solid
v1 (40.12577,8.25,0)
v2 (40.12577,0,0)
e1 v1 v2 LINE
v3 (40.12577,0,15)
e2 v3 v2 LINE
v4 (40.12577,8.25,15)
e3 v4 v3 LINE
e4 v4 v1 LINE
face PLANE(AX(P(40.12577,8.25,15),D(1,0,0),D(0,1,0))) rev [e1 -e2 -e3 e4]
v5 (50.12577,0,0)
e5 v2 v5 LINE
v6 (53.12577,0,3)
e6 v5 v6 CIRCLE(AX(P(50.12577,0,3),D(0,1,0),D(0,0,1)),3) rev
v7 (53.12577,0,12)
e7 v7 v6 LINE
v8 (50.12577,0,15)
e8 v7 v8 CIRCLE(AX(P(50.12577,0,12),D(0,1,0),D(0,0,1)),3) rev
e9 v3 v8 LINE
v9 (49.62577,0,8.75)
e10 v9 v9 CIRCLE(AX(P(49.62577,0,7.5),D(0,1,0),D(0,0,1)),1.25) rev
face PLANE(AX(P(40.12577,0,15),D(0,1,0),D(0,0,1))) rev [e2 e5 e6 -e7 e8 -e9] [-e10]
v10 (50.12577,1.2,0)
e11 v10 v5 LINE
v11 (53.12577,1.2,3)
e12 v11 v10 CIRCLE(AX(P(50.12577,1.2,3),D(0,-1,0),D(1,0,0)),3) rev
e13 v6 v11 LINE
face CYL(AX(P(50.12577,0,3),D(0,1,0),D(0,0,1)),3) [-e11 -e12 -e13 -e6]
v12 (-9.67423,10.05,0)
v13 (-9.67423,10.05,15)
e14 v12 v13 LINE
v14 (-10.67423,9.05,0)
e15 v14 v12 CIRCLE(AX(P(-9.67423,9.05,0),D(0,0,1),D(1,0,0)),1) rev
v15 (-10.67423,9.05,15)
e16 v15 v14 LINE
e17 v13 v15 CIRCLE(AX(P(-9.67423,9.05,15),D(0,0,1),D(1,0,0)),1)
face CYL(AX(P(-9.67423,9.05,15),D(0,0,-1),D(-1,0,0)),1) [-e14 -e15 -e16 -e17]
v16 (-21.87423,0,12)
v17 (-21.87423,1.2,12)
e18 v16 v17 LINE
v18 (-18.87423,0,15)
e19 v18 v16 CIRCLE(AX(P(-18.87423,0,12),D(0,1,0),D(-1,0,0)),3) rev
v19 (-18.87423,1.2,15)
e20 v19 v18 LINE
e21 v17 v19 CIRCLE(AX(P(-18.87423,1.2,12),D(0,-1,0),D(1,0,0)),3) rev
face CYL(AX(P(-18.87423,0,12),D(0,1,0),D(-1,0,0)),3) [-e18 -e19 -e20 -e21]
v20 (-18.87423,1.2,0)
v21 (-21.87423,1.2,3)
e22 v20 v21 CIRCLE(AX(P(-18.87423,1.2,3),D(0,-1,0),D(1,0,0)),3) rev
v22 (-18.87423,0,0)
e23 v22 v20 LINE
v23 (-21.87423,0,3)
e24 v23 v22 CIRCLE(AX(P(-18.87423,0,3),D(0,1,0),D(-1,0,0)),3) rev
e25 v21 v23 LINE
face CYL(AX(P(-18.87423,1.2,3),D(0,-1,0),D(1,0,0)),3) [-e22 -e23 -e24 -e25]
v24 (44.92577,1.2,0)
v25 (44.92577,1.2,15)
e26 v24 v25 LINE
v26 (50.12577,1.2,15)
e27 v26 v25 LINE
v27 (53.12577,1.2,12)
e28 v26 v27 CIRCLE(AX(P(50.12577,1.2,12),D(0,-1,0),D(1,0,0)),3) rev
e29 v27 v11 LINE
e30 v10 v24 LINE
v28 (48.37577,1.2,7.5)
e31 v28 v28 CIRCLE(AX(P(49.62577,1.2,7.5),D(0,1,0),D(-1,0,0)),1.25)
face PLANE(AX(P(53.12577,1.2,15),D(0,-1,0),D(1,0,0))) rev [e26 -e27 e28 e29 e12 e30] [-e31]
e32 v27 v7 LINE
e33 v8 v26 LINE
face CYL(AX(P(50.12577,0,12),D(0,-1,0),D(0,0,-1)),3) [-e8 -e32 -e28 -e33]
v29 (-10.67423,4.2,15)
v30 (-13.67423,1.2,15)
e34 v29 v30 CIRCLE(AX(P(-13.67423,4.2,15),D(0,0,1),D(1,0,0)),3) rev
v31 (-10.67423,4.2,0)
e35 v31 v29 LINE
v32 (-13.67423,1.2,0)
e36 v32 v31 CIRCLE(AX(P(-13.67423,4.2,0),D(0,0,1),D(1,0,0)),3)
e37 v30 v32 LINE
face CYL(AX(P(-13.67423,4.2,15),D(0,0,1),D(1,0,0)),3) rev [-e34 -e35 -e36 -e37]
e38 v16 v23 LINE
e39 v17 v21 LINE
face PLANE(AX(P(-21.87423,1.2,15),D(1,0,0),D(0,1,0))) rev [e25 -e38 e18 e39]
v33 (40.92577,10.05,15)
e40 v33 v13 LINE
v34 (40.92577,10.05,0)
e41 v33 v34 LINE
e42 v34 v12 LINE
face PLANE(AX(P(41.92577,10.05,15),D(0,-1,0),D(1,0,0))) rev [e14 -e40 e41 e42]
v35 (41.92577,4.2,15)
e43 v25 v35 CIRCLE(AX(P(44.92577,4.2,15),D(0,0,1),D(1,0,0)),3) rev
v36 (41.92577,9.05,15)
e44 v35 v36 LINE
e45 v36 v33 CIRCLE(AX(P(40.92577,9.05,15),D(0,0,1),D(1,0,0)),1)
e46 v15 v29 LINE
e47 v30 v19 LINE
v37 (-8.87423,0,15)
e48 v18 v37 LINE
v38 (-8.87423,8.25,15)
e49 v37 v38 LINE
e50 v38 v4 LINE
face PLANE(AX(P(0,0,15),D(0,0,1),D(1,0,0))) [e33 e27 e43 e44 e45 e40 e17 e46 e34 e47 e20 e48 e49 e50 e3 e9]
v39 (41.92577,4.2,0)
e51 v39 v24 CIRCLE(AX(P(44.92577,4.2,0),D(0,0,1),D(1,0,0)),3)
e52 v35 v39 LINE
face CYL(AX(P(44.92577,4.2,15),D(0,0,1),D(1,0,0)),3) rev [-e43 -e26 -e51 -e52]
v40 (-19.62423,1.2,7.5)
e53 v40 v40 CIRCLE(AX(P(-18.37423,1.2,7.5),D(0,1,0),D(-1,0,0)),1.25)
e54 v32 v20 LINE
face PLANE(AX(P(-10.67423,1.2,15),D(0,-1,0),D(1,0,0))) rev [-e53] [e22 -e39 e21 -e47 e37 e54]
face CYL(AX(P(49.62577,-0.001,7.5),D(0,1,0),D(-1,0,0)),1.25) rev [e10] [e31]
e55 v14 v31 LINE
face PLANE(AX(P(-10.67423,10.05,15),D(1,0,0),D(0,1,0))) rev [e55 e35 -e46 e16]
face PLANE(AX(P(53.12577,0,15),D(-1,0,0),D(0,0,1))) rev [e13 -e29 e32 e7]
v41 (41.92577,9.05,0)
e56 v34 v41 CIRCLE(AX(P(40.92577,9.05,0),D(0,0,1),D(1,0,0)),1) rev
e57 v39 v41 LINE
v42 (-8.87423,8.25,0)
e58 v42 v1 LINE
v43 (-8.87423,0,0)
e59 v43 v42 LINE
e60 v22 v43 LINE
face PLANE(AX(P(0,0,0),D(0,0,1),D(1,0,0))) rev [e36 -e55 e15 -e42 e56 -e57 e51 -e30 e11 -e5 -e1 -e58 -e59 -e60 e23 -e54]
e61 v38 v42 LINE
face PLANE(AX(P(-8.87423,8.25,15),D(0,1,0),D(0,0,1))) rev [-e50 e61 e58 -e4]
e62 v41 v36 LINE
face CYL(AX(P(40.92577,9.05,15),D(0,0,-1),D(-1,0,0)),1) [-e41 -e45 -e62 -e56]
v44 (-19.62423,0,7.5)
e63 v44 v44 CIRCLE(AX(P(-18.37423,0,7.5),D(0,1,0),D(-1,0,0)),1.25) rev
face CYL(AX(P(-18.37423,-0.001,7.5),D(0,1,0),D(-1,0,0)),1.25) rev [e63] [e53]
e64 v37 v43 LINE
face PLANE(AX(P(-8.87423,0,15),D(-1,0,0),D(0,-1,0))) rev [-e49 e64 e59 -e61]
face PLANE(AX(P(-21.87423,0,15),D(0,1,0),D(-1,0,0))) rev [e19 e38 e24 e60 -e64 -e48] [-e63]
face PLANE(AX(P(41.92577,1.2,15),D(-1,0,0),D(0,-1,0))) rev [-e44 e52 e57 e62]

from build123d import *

# Parameters (mm, degrees)
BOSS_EXTRUDE1_DEPTH = 15
CUT_EXTRUDE1_REACH  = 57.908
SKETCH2_R           = 1.25
FILLET1_R           = 3
FILLET2_R           = 1


with BuildPart() as part:
    # Sketch1 → Boss-Extrude1 (new body)
    with BuildSketch(Plane.XY):
        Polygon((-21.874229857, 0), (-8.874229857, 0), (-8.874229857, 8.25), (40.125770143, 8.25), (40.125770143, 0), (53.125770143, 0), (53.125770143, 1.2), (41.925770143, 1.2), (41.925770143, 10.05), (-10.674229857, 10.05), (-10.674229857, 1.2), (-21.874229857, 1.2), align=None)
    extrude(amount=BOSS_EXTRUDE1_DEPTH)

    # Sketch2 → Cut-Extrude1 (cut, up to next)
    with BuildSketch(Plane(origin=(0, 1.2, 0), x_dir=(1, 0, 0), z_dir=(0, 1, 0)), mode=Mode.PRIVATE) as cut_extrude1_sk1:
        with Locations(Location((-18.374229857, -7.5, 0), (0, 0, 180))):
            Circle(SKETCH2_R)
    cut_extrude1_tool1 = extrude(cut_extrude1_sk1.sketch, amount=-CUT_EXTRUDE1_REACH, mode=Mode.PRIVATE) & part.part
    # Sketch2 → Cut-Extrude1 (cut, up to next)
    with BuildSketch(Plane(origin=(0, 1.2, 0), x_dir=(1, 0, 0), z_dir=(0, 1, 0)), mode=Mode.PRIVATE) as cut_extrude1_sk2:
        with Locations(Location((49.625770143, -7.5, 0), (0, 0, 180))):
            Circle(SKETCH2_R)
    cut_extrude1_tool2 = extrude(cut_extrude1_sk2.sketch, amount=-CUT_EXTRUDE1_REACH, mode=Mode.PRIVATE) & part.part
    add(cut_extrude1_tool1.solids().sort_by_distance((-18.37423, 1.2, 7.5))[0], mode=Mode.SUBTRACT)
    add(cut_extrude1_tool2.solids().sort_by_distance((49.62577, 1.2, 7.5))[0], mode=Mode.SUBTRACT)

    # Fillet1
    fillet1_edges = [part.edges().sort_by_distance(p)[0] for p in [
        (53.125770143, 0.6, 0),
        (-21.874229857, 0.6, 0),
        (-10.674229857, 1.2, 7.5),
        (41.925770143, 1.2, 7.5),
        (53.125770143, 0.6, 15),
        (-21.874229857, 0.6, 15),
    ]]
    fillet(fillet1_edges, radius=FILLET1_R)

    # Fillet2
    fillet2_edges = [part.edges().sort_by_distance(p)[0] for p in [
        (-10.674229857, 10.05, 7.5),
        (41.925770143, 10.05, 7.5),
    ]]
    fillet(fillet2_edges, radius=FILLET2_R)


solid = part.part
